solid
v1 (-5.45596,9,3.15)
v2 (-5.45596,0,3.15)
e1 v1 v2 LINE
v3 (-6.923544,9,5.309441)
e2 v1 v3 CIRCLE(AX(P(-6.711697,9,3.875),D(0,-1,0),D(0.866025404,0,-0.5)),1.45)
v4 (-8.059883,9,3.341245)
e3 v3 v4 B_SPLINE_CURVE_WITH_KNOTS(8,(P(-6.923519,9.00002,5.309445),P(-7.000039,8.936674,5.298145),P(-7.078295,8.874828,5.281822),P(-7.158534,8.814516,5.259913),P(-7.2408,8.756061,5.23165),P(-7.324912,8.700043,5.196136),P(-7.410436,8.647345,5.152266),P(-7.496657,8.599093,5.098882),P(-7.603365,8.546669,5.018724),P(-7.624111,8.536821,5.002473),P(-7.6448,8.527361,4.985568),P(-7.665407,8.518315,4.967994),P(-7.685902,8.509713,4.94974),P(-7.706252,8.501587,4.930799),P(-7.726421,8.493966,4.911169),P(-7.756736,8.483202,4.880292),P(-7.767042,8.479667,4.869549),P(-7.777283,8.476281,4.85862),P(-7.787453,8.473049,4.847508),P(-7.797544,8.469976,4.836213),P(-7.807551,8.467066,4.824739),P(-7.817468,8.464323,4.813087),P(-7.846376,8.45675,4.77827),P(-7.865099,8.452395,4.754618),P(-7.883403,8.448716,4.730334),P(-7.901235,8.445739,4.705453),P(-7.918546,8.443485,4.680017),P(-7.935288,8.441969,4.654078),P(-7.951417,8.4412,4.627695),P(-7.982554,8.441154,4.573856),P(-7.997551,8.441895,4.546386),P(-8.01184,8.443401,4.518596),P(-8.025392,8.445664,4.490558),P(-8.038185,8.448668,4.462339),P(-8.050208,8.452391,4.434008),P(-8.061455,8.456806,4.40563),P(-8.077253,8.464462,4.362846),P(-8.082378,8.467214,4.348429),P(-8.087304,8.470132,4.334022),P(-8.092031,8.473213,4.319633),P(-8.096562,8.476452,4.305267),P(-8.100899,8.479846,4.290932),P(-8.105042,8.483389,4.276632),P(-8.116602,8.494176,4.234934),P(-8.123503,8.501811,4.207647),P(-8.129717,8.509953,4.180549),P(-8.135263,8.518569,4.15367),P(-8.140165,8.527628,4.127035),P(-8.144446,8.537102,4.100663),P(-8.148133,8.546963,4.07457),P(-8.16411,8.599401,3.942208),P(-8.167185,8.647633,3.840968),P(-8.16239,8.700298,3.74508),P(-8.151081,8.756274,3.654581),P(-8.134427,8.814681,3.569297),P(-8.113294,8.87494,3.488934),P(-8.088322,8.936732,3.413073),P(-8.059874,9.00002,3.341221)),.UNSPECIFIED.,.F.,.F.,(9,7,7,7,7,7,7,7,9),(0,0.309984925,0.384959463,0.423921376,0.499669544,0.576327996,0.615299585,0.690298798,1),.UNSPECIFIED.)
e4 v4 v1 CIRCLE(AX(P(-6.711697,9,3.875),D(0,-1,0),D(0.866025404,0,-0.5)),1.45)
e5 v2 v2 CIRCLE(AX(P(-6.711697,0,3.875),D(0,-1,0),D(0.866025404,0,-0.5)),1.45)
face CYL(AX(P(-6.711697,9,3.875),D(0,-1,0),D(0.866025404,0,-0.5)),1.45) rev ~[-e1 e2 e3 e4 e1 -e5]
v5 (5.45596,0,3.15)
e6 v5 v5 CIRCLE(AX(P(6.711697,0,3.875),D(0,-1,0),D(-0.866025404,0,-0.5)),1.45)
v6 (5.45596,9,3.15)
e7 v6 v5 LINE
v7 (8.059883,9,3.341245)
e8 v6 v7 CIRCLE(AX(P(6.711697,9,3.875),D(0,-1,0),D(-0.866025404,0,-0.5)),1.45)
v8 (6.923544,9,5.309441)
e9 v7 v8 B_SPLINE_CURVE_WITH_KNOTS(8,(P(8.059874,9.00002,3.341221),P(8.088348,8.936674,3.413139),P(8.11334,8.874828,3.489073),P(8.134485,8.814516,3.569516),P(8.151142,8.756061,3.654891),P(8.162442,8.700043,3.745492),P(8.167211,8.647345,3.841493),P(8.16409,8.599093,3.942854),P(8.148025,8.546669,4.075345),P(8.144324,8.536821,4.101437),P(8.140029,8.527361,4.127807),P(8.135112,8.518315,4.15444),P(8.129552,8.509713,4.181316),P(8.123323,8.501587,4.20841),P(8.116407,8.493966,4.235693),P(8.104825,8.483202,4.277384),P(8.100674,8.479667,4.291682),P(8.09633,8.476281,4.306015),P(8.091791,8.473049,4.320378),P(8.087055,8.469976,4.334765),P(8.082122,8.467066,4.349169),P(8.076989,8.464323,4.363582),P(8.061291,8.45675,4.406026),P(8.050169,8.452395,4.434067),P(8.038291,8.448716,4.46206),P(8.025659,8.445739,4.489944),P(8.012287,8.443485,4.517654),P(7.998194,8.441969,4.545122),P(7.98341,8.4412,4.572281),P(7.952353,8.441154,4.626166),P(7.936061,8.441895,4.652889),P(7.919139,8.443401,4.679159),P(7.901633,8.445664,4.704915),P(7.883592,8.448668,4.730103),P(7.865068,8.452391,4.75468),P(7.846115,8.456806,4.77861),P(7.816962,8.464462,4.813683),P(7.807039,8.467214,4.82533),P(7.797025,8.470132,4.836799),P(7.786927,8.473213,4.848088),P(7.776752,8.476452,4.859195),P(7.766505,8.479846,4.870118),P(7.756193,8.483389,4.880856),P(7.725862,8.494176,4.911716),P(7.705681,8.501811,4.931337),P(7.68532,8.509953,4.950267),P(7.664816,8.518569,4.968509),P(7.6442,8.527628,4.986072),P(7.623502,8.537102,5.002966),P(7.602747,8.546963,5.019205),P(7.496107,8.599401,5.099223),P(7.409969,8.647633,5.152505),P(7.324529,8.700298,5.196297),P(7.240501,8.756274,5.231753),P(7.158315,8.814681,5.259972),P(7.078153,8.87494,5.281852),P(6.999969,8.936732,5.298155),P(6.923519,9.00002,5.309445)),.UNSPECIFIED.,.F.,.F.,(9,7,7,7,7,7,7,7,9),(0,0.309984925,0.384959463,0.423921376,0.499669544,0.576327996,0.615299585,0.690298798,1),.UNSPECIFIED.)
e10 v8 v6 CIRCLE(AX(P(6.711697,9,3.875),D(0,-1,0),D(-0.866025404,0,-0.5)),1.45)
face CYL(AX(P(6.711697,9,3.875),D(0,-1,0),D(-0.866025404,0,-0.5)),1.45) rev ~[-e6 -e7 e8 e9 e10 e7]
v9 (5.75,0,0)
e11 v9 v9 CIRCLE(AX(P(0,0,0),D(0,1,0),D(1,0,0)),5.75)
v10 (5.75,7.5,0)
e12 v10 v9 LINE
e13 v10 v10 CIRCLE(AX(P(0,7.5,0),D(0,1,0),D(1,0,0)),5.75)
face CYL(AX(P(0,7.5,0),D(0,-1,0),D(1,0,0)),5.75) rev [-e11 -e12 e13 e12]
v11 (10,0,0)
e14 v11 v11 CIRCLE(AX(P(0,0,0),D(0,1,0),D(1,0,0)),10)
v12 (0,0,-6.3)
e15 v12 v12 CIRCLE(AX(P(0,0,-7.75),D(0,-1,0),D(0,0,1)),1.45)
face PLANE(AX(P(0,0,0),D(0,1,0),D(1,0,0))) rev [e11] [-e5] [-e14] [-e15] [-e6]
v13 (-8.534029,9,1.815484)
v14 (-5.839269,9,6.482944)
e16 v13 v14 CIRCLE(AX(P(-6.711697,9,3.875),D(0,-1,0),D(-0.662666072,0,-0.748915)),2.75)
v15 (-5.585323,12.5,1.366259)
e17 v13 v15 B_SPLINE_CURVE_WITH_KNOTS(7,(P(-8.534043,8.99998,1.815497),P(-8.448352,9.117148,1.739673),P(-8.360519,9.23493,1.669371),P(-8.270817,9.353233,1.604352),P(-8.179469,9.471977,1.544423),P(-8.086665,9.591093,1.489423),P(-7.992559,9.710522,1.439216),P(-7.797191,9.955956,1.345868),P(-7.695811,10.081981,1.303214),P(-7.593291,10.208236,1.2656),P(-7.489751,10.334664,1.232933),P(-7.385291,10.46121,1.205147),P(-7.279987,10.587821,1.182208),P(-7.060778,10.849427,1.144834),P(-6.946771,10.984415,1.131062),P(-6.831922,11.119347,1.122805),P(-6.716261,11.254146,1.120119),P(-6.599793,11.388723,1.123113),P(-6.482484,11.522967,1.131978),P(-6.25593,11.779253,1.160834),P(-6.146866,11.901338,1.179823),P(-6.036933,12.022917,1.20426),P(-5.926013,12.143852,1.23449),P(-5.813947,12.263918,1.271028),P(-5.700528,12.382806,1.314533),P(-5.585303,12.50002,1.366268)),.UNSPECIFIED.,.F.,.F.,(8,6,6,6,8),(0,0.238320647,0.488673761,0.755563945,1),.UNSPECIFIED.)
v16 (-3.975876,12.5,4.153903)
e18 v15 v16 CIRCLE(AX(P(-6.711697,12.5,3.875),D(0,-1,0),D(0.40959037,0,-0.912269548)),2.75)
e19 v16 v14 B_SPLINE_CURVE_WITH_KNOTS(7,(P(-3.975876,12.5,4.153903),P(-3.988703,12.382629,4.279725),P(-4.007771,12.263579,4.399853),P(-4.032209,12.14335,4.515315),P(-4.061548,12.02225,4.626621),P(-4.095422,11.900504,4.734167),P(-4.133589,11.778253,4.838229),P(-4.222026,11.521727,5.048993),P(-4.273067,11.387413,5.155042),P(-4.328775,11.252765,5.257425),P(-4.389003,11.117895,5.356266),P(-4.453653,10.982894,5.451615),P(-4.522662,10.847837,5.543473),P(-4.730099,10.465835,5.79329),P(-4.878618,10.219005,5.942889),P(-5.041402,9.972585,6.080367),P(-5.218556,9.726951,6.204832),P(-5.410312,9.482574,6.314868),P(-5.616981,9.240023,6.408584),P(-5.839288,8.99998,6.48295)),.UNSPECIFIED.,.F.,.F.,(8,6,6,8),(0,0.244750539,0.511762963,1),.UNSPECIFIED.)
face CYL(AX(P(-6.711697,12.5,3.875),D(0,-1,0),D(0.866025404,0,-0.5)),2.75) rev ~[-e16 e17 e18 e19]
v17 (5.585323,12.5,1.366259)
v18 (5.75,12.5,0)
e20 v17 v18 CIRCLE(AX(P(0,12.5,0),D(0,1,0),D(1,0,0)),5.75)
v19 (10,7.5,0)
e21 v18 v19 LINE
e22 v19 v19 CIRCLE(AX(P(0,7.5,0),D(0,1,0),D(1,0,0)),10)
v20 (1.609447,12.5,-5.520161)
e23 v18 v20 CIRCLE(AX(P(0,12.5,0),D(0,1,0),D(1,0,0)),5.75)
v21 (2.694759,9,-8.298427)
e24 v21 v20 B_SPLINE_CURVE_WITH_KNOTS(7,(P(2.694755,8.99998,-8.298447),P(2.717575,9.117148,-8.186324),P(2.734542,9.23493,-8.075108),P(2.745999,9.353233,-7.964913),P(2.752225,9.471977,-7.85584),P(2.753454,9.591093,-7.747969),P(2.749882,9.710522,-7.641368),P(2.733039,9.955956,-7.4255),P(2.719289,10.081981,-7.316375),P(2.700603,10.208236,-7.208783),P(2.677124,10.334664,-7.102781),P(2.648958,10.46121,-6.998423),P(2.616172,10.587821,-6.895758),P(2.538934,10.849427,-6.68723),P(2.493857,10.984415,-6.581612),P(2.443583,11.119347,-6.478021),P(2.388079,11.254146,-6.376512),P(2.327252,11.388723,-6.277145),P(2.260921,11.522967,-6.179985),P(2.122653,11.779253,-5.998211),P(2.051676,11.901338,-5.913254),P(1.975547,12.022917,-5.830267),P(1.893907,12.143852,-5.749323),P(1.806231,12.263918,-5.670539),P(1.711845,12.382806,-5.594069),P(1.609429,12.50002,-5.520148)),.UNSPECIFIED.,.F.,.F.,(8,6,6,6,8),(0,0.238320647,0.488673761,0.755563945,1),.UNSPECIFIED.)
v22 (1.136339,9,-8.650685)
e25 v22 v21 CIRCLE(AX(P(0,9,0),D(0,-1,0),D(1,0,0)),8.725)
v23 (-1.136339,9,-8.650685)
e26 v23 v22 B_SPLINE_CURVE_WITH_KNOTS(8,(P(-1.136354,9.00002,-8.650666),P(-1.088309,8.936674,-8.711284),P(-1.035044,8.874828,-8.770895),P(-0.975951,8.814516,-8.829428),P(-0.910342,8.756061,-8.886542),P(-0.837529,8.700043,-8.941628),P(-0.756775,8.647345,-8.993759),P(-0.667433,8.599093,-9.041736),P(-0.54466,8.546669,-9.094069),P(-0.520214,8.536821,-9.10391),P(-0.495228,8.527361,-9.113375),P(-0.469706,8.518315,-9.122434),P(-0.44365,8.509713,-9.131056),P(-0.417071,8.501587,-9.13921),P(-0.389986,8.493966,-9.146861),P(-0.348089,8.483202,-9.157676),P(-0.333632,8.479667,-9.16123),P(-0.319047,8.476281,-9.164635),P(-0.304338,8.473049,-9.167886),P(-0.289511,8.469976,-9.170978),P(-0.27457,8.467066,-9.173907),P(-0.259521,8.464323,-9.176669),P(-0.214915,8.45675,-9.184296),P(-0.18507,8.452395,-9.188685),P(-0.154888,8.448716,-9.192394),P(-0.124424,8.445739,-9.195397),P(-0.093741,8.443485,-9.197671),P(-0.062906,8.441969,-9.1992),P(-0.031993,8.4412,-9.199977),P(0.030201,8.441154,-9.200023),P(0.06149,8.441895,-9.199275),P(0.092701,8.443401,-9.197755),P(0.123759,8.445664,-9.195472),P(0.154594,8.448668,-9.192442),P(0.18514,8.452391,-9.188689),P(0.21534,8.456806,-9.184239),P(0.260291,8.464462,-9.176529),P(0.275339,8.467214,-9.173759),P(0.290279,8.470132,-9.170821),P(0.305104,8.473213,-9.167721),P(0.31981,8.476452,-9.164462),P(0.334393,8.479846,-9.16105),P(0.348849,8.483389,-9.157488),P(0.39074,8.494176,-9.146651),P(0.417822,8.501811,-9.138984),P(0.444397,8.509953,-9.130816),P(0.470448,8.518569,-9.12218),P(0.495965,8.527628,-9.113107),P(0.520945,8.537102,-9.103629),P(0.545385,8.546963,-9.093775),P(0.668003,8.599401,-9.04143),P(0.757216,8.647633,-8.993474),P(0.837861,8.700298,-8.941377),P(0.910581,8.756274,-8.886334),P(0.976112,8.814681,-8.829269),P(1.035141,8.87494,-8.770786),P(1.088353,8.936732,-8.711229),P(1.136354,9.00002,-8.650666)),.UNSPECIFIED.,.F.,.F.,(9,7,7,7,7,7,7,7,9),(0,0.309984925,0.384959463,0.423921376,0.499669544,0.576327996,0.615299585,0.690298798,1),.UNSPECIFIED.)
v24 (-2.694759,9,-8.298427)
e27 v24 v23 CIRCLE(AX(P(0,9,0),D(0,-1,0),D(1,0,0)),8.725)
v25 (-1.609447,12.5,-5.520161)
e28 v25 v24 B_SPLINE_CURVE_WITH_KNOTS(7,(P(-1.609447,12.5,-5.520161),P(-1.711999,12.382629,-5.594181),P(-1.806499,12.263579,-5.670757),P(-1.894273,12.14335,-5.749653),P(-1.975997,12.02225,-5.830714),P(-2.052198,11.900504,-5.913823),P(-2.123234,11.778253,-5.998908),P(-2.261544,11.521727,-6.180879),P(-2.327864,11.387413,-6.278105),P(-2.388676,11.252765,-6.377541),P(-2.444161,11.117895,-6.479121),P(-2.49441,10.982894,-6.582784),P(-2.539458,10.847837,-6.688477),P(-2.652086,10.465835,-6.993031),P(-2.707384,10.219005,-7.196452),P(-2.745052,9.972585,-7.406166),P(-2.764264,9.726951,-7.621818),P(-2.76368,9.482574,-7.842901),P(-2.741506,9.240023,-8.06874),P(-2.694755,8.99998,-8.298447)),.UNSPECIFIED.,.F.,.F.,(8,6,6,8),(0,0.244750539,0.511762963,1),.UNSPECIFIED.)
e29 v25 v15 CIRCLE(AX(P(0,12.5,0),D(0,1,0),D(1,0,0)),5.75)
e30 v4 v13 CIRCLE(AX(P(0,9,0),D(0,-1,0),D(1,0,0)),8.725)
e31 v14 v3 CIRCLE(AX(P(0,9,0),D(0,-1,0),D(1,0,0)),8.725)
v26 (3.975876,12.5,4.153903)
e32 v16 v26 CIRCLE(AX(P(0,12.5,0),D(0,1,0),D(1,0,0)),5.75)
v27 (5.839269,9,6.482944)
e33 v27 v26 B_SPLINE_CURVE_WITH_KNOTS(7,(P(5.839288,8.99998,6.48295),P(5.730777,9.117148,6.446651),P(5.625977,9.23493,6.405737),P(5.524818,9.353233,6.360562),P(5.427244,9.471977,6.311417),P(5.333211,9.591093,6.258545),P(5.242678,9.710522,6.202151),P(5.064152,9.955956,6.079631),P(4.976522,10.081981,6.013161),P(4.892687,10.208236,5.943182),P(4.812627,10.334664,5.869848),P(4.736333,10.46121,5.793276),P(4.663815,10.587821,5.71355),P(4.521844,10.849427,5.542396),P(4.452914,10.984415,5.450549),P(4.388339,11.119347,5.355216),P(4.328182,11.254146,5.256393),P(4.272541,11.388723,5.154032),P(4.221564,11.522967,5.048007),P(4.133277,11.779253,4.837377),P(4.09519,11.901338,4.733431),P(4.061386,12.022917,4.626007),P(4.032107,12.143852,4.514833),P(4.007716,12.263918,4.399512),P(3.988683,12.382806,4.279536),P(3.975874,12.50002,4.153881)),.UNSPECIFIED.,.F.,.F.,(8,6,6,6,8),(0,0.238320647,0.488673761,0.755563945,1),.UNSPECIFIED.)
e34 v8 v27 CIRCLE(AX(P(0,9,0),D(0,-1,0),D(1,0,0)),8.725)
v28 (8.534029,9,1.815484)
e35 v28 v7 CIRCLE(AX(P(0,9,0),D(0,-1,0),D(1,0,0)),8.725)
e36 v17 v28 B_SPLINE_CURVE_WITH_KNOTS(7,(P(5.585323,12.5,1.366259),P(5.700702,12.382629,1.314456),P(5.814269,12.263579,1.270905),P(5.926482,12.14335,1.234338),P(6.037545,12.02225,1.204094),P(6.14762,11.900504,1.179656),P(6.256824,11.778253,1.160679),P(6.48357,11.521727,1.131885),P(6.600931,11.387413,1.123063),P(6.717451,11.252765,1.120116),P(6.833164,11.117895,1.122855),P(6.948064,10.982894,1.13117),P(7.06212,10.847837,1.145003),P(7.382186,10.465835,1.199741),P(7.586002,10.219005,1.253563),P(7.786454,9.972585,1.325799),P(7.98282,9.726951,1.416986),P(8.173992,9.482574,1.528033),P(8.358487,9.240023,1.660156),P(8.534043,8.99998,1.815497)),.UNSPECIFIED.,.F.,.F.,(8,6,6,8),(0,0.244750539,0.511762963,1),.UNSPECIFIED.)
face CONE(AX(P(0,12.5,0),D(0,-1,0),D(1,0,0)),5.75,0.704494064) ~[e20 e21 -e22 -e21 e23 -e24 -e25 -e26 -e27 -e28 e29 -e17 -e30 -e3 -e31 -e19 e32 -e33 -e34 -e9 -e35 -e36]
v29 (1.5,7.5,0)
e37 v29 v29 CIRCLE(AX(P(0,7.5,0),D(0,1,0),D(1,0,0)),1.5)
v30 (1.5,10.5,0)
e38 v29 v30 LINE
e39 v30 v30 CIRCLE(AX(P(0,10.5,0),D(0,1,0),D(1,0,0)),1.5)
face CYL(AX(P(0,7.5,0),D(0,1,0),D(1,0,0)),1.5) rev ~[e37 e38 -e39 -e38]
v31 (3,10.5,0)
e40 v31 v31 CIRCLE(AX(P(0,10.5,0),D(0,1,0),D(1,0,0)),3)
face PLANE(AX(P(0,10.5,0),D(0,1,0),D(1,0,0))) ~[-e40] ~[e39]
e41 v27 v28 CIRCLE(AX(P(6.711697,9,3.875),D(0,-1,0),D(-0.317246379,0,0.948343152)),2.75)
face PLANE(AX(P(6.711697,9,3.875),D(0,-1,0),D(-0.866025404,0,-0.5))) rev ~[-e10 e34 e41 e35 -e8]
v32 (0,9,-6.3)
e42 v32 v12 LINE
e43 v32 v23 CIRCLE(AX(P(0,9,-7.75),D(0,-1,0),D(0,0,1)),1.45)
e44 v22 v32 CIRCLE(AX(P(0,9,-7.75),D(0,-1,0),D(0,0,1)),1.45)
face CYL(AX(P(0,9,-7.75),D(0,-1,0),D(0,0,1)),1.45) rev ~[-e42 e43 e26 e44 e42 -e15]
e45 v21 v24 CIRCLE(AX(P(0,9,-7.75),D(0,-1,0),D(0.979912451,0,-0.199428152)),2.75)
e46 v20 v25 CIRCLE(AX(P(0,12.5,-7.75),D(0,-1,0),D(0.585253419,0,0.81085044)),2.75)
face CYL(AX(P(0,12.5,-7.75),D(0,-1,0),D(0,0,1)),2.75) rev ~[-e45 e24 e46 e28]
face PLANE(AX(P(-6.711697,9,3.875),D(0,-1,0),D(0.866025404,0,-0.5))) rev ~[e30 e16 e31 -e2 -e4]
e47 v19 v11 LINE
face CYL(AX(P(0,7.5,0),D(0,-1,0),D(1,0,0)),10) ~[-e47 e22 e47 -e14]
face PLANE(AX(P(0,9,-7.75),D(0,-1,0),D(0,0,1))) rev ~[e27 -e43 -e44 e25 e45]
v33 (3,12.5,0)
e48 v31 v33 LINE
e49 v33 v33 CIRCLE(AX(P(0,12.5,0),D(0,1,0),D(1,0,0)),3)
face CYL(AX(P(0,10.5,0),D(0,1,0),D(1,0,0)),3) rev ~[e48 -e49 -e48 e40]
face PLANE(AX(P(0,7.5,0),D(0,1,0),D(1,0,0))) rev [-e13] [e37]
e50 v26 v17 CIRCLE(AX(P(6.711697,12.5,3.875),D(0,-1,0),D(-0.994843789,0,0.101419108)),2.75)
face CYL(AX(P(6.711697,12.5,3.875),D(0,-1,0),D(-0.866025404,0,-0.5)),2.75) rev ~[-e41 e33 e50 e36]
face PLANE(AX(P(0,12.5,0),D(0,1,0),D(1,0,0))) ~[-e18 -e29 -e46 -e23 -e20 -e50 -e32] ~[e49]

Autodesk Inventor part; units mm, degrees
ref_plane "YZ Plane" through (0, 0, 0) normal (1, 0, 0) x (0, 1, 0)
ref_plane "XZ Plane" through (0, 0, 0) normal (0, 1, 0) x (-1, 0, 0)
ref_plane "XY Plane" through (0, 0, 0) normal (0, 0, 1) x (1, 0, 0)
sketch "Sketch2" plane through (0, 0, 0) normal (0, 0, 1) x (1, 0, 0)
  line L0 (1.5, 7.5) -> (1.5, 10.5)
  line L1 (1.5, 10.5) -> (3, 10.5)
  line L2 (3, 10.5) -> (3, 12.5)
  line L3 (3, 12.5) -> (5.75, 12.5)
  line L4 (5.75, 12.5) -> (10, 7.5)
  line L5 (10, 7.5) -> (10, 0)
  line L6 (1.5, 7.5) -> (5.75, 7.5)
  line L7 (5.75, 7.5) -> (5.75, 0)
  line L8 (5.75, 0) -> (10, 0)
  line L9 (0, 0) -> (0, 19.425)
  dimension "d0" = 6
  dimension "d1" = 3
  dimension "d2" = 11.5
  dimension "d3" = 20
  dimension "d4" = 7.5
  dimension "d5" = 3
  dimension "d6" = 2
revolve "Revolution1" add sketch "Sketch2" angle 360 about axis through (0, 0, 0) along (0, 1, 0)
sketch "Sketch3" plane through (0, 12.5, 0) normal (0, 1, 0) x (1, 0, 0)
  point P0 (0, 0)
  point P1 (0, 7.75)
  dimension "d8" = 7.75
hole "Hole1" at (0, 12.5, -7.75) direction (0, -1, 0) diameter 2.9 end through all counterbore diameter 5.5 counterbore depth 3.5 clearance for "Socket Head Cap Screw DIN EN ISO 4762" size "M2.5" standard "DIN"
pattern_circular "Circular Pattern1" count 3 over 360 about axis through (0, -10, 0) along (0, 1, 0) of "Hole1"
properties part number "902-4250 magnet hold"
